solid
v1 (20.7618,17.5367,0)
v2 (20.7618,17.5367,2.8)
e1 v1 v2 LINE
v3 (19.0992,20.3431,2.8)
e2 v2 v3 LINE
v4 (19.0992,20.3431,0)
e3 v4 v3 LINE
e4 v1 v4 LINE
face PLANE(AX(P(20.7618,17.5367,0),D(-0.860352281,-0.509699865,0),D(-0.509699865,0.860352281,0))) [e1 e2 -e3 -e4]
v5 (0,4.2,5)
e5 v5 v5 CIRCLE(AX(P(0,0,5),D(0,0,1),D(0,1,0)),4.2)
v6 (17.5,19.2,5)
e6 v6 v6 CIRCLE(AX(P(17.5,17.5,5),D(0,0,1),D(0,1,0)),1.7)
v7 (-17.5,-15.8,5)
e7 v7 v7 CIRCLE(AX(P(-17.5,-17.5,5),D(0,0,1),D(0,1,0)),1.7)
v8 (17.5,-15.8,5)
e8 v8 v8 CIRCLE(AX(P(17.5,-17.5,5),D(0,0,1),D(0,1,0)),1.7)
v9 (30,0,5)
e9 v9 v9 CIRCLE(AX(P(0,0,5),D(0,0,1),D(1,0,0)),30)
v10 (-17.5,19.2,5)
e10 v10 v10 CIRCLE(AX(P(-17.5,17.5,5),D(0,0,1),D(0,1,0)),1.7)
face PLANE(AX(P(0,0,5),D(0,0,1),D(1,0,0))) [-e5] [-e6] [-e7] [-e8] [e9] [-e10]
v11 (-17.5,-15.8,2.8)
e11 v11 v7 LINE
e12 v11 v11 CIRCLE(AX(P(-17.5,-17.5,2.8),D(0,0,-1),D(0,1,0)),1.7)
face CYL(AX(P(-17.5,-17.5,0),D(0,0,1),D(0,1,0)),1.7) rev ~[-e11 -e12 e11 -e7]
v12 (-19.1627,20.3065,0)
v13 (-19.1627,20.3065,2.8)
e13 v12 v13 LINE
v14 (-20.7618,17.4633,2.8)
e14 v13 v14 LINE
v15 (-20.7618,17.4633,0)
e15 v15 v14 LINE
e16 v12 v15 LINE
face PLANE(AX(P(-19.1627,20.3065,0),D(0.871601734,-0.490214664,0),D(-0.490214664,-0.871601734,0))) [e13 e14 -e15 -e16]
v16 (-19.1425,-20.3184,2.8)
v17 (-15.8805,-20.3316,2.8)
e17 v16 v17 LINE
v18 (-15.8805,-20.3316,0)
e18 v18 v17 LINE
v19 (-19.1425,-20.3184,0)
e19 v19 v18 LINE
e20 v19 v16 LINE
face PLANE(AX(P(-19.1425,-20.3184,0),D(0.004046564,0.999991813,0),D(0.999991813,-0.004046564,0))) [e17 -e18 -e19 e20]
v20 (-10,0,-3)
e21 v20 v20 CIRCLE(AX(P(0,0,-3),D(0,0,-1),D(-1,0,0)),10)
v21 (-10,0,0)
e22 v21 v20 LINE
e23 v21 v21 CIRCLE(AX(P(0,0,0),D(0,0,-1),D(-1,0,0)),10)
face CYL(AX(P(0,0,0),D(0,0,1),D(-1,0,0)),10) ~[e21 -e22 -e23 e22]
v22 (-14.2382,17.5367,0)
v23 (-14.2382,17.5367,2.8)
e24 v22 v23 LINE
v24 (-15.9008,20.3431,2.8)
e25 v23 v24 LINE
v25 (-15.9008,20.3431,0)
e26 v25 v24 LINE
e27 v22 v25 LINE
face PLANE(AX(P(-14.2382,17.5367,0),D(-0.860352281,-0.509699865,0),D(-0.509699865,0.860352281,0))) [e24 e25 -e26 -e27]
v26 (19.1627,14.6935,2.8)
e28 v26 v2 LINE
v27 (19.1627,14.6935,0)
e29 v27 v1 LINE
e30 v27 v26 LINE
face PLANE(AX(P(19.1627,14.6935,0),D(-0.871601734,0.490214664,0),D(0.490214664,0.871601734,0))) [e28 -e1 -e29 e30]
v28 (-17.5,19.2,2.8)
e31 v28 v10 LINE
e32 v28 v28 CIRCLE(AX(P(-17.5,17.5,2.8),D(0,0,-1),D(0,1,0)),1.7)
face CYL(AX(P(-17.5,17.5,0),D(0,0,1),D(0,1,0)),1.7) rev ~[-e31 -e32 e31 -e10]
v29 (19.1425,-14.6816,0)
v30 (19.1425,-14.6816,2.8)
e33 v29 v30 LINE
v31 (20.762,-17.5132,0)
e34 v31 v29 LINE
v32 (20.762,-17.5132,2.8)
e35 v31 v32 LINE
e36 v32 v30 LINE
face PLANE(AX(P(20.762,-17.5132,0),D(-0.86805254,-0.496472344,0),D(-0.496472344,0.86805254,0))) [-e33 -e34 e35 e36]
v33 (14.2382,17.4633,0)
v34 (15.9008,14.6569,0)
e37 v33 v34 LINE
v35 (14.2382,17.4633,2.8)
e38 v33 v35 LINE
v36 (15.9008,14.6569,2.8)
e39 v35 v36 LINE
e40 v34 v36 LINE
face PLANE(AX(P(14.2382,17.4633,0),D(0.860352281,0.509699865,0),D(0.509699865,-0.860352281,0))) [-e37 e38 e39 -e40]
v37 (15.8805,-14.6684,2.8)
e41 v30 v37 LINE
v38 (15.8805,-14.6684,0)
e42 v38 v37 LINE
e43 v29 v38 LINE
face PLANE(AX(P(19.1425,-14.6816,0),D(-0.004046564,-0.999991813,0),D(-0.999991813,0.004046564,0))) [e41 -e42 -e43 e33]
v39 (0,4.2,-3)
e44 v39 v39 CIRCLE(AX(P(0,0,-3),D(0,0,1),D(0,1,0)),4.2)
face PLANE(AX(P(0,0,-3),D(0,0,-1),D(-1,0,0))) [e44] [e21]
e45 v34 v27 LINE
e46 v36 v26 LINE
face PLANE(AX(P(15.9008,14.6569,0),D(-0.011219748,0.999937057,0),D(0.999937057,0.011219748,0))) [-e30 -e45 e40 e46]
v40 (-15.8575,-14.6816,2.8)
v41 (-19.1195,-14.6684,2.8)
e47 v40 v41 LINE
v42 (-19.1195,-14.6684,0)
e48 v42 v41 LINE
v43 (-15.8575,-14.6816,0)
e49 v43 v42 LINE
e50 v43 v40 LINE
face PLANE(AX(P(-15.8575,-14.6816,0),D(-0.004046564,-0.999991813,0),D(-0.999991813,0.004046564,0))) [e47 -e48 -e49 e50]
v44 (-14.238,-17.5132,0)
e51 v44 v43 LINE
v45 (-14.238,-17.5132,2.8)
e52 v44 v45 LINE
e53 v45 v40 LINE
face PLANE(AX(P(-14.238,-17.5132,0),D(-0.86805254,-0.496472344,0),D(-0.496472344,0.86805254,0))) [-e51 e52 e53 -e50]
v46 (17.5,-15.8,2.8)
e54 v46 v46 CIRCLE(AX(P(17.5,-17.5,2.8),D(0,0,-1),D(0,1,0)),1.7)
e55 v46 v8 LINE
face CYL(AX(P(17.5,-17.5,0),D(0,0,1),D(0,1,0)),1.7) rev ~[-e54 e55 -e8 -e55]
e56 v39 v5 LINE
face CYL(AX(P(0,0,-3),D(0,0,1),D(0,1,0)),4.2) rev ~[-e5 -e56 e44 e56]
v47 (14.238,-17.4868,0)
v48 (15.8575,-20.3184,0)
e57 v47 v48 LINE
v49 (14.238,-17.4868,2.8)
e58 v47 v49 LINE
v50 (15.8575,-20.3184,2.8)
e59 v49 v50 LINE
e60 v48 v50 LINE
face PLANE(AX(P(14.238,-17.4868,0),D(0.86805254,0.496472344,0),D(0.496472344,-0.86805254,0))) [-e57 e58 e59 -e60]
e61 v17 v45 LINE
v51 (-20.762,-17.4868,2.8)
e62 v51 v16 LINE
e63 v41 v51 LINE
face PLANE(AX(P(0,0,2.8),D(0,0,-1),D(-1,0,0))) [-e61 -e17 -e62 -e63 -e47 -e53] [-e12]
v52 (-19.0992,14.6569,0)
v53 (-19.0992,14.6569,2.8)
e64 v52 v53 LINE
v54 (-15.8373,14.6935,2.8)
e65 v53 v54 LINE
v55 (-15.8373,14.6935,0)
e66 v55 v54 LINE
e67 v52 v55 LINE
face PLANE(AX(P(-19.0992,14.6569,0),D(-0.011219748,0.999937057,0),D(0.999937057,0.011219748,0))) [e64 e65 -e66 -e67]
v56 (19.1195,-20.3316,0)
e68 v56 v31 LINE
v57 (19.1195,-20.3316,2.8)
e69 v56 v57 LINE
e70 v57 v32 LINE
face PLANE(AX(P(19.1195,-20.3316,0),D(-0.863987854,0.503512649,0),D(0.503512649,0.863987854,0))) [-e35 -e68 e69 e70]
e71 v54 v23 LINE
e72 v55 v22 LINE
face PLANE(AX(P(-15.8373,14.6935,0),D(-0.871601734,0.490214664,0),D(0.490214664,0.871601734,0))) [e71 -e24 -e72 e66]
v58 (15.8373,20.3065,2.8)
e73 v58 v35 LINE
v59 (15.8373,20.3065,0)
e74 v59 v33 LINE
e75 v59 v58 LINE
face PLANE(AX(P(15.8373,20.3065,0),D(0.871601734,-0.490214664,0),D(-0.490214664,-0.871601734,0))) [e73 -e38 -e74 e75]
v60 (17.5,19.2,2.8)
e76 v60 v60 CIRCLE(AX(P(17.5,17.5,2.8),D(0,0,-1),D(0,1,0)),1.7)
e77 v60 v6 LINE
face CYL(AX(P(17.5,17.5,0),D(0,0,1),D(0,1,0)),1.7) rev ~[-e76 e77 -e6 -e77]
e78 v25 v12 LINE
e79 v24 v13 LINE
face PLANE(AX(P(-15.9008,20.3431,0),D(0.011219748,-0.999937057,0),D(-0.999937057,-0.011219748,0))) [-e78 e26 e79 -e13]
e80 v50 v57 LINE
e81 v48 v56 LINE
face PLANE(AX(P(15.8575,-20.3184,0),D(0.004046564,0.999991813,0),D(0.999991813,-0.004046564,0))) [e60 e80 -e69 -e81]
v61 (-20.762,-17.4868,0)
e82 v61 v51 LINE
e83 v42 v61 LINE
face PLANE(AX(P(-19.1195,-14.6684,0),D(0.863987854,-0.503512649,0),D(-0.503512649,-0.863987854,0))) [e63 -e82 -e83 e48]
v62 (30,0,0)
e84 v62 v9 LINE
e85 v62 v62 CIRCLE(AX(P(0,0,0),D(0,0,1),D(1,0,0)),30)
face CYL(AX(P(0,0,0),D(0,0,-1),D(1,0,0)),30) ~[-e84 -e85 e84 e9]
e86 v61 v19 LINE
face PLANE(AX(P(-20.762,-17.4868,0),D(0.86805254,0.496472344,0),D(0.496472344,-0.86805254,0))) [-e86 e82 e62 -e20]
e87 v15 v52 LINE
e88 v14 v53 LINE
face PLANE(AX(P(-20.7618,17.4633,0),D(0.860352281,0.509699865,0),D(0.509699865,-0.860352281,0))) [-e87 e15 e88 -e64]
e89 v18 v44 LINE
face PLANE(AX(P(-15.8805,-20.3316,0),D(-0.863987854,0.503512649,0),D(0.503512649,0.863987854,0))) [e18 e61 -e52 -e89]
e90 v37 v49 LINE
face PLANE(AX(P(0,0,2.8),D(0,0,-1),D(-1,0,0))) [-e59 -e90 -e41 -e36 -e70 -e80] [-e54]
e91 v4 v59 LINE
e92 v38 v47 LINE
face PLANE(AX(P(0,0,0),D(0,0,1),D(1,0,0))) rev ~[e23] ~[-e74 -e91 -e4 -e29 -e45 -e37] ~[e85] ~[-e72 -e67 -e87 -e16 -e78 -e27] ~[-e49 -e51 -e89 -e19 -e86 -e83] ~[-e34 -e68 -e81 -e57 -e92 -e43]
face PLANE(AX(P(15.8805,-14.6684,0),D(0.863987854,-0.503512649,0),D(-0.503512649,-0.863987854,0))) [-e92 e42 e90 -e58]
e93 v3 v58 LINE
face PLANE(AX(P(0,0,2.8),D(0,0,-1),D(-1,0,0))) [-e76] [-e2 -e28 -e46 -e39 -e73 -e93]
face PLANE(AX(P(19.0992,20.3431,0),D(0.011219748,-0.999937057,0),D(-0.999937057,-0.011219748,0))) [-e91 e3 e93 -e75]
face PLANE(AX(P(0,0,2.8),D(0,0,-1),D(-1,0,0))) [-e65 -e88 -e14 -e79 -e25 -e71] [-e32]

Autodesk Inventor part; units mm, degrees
ref_plane "YZ Plane" through (0, 0, 0) normal (1, 0, 0) x (0, 1, 0)
ref_plane "XZ Plane" through (0, 0, 0) normal (0, 1, 0) x (-1, 0, 0)
ref_plane "XY Plane" through (0, 0, 0) normal (0, 0, 1) x (1, 0, 0)
sketch "Sketch1" plane through (0, 0, 0) normal (0, 0, 1) x (1, 0, 0)
  circle A0 centre (0, 0) radius 30
  dimension "d0" = 60
extrude "Main Body" add sketch "Sketch1" along normal blind 5
sketch "Sketch7" plane through (0, 0, 0) normal (0, 0, -1) x (-1, 0, 0)
  circle A0 centre (0, 0) radius 30 projected
  circle A1 centre (0, 0) radius 10
  dimension "d32" = 20
extrude "Raised Centre" add sketch "Sketch7" along normal blind 3 contours A1
sketch "Sketch8" plane through (0, 0, -3) normal (0, 0, -1) x (-1, 0, 0)
  circle A0 centre (0, 0) radius 10 projected
hole "Centre Hole" at (0, 0, -3) direction (0, 0, 1) diameter 8.4 end through all
sketch "Sketch10" plane through (0, 0, 0) normal (0, 0, -1) x (-1, 0, 0)
  circle A0 centre (0, 0) radius 30 projected
  line L0 (-17.5, 17.5) -> (17.5, 17.5) construction
  line L1 (17.5, 17.5) -> (17.5, -17.5) construction
  line L2 (17.5, -17.5) -> (-17.5, -17.5) construction
  line L3 (-17.5, -17.5) -> (-17.5, 17.5) construction
  line L4 (-17.5, 17.5) -> (17.5, -17.5) construction
  line L5 (17.5, 17.5) -> (-17.5, -17.5) construction
  dimension "d55" = 35
  dimension "d56" = 35
hole "Mount Holes" at (17.5, 17.5, 0) at (-17.5, 17.5, 0) at (-17.5, -17.5, 0) at (17.5, -17.5, 0) direction (0, 0, 1) diameter 3.4 end through all
sketch "Sketch11" plane through (0, 0, 0) normal (0, 0, -1) x (-1, 0, 0)
  circle A0 centre (17.5, -17.5) radius 1.7 projected
  circle A1 centre (-17.5, 17.5) radius 1.7 projected
  circle A2 centre (17.5, 17.5) radius 1.7 projected
  circle A3 centre (-17.5, -17.5) radius 1.7 projected
  line L0 (-15.9008, 14.6569) -> (-19.1627, 14.6935)
  line L1 (-19.1627, 14.6935) -> (-20.7618, 17.5367)
  line L2 (-20.7618, 17.5367) -> (-19.0992, 20.3431)
  line L3 (-19.0992, 20.3431) -> (-15.8373, 20.3065)
  line L4 (-15.8373, 20.3065) -> (-14.2382, 17.4633)
  line L5 (-14.2382, 17.4633) -> (-15.9008, 14.6569)
  line L6 (19.0992, 14.6569) -> (15.8373, 14.6935)
  line L7 (15.8373, 14.6935) -> (14.2382, 17.5367)
  line L8 (14.2382, 17.5367) -> (15.9008, 20.3431)
  line L9 (15.9008, 20.3431) -> (19.1627, 20.3065)
  line L10 (19.1627, 20.3065) -> (20.7618, 17.4633)
  line L11 (20.7618, 17.4633) -> (19.0992, 14.6569)
  line L12 (-15.8575, -20.3184) -> (-19.1195, -20.3316)
  line L13 (-19.1195, -20.3316) -> (-20.762, -17.5132)
  line L14 (-20.762, -17.5132) -> (-19.1425, -14.6816)
  line L15 (-19.1425, -14.6816) -> (-15.8805, -14.6684)
  line L16 (-15.8805, -14.6684) -> (-14.238, -17.4868)
  line L17 (-14.238, -17.4868) -> (-15.8575, -20.3184)
  line L18 (19.1425, -20.3184) -> (15.8805, -20.3316)
  line L19 (15.8805, -20.3316) -> (14.238, -17.5132)
  line L20 (14.238, -17.5132) -> (15.8575, -14.6816)
  line L21 (15.8575, -14.6816) -> (19.1195, -14.6684)
  line L22 (19.1195, -14.6684) -> (20.762, -17.4868)
  line L23 (20.762, -17.4868) -> (19.1425, -20.3184)
  dimension "d64" = 5.65
  dimension "d65" = 5.65
  dimension "d66" = 5.65
  dimension "d67" = 5.65
extrude "Nut Traps" cut sketch "Sketch11" against normal blind 2.8
properties part number "Spool Boss"
